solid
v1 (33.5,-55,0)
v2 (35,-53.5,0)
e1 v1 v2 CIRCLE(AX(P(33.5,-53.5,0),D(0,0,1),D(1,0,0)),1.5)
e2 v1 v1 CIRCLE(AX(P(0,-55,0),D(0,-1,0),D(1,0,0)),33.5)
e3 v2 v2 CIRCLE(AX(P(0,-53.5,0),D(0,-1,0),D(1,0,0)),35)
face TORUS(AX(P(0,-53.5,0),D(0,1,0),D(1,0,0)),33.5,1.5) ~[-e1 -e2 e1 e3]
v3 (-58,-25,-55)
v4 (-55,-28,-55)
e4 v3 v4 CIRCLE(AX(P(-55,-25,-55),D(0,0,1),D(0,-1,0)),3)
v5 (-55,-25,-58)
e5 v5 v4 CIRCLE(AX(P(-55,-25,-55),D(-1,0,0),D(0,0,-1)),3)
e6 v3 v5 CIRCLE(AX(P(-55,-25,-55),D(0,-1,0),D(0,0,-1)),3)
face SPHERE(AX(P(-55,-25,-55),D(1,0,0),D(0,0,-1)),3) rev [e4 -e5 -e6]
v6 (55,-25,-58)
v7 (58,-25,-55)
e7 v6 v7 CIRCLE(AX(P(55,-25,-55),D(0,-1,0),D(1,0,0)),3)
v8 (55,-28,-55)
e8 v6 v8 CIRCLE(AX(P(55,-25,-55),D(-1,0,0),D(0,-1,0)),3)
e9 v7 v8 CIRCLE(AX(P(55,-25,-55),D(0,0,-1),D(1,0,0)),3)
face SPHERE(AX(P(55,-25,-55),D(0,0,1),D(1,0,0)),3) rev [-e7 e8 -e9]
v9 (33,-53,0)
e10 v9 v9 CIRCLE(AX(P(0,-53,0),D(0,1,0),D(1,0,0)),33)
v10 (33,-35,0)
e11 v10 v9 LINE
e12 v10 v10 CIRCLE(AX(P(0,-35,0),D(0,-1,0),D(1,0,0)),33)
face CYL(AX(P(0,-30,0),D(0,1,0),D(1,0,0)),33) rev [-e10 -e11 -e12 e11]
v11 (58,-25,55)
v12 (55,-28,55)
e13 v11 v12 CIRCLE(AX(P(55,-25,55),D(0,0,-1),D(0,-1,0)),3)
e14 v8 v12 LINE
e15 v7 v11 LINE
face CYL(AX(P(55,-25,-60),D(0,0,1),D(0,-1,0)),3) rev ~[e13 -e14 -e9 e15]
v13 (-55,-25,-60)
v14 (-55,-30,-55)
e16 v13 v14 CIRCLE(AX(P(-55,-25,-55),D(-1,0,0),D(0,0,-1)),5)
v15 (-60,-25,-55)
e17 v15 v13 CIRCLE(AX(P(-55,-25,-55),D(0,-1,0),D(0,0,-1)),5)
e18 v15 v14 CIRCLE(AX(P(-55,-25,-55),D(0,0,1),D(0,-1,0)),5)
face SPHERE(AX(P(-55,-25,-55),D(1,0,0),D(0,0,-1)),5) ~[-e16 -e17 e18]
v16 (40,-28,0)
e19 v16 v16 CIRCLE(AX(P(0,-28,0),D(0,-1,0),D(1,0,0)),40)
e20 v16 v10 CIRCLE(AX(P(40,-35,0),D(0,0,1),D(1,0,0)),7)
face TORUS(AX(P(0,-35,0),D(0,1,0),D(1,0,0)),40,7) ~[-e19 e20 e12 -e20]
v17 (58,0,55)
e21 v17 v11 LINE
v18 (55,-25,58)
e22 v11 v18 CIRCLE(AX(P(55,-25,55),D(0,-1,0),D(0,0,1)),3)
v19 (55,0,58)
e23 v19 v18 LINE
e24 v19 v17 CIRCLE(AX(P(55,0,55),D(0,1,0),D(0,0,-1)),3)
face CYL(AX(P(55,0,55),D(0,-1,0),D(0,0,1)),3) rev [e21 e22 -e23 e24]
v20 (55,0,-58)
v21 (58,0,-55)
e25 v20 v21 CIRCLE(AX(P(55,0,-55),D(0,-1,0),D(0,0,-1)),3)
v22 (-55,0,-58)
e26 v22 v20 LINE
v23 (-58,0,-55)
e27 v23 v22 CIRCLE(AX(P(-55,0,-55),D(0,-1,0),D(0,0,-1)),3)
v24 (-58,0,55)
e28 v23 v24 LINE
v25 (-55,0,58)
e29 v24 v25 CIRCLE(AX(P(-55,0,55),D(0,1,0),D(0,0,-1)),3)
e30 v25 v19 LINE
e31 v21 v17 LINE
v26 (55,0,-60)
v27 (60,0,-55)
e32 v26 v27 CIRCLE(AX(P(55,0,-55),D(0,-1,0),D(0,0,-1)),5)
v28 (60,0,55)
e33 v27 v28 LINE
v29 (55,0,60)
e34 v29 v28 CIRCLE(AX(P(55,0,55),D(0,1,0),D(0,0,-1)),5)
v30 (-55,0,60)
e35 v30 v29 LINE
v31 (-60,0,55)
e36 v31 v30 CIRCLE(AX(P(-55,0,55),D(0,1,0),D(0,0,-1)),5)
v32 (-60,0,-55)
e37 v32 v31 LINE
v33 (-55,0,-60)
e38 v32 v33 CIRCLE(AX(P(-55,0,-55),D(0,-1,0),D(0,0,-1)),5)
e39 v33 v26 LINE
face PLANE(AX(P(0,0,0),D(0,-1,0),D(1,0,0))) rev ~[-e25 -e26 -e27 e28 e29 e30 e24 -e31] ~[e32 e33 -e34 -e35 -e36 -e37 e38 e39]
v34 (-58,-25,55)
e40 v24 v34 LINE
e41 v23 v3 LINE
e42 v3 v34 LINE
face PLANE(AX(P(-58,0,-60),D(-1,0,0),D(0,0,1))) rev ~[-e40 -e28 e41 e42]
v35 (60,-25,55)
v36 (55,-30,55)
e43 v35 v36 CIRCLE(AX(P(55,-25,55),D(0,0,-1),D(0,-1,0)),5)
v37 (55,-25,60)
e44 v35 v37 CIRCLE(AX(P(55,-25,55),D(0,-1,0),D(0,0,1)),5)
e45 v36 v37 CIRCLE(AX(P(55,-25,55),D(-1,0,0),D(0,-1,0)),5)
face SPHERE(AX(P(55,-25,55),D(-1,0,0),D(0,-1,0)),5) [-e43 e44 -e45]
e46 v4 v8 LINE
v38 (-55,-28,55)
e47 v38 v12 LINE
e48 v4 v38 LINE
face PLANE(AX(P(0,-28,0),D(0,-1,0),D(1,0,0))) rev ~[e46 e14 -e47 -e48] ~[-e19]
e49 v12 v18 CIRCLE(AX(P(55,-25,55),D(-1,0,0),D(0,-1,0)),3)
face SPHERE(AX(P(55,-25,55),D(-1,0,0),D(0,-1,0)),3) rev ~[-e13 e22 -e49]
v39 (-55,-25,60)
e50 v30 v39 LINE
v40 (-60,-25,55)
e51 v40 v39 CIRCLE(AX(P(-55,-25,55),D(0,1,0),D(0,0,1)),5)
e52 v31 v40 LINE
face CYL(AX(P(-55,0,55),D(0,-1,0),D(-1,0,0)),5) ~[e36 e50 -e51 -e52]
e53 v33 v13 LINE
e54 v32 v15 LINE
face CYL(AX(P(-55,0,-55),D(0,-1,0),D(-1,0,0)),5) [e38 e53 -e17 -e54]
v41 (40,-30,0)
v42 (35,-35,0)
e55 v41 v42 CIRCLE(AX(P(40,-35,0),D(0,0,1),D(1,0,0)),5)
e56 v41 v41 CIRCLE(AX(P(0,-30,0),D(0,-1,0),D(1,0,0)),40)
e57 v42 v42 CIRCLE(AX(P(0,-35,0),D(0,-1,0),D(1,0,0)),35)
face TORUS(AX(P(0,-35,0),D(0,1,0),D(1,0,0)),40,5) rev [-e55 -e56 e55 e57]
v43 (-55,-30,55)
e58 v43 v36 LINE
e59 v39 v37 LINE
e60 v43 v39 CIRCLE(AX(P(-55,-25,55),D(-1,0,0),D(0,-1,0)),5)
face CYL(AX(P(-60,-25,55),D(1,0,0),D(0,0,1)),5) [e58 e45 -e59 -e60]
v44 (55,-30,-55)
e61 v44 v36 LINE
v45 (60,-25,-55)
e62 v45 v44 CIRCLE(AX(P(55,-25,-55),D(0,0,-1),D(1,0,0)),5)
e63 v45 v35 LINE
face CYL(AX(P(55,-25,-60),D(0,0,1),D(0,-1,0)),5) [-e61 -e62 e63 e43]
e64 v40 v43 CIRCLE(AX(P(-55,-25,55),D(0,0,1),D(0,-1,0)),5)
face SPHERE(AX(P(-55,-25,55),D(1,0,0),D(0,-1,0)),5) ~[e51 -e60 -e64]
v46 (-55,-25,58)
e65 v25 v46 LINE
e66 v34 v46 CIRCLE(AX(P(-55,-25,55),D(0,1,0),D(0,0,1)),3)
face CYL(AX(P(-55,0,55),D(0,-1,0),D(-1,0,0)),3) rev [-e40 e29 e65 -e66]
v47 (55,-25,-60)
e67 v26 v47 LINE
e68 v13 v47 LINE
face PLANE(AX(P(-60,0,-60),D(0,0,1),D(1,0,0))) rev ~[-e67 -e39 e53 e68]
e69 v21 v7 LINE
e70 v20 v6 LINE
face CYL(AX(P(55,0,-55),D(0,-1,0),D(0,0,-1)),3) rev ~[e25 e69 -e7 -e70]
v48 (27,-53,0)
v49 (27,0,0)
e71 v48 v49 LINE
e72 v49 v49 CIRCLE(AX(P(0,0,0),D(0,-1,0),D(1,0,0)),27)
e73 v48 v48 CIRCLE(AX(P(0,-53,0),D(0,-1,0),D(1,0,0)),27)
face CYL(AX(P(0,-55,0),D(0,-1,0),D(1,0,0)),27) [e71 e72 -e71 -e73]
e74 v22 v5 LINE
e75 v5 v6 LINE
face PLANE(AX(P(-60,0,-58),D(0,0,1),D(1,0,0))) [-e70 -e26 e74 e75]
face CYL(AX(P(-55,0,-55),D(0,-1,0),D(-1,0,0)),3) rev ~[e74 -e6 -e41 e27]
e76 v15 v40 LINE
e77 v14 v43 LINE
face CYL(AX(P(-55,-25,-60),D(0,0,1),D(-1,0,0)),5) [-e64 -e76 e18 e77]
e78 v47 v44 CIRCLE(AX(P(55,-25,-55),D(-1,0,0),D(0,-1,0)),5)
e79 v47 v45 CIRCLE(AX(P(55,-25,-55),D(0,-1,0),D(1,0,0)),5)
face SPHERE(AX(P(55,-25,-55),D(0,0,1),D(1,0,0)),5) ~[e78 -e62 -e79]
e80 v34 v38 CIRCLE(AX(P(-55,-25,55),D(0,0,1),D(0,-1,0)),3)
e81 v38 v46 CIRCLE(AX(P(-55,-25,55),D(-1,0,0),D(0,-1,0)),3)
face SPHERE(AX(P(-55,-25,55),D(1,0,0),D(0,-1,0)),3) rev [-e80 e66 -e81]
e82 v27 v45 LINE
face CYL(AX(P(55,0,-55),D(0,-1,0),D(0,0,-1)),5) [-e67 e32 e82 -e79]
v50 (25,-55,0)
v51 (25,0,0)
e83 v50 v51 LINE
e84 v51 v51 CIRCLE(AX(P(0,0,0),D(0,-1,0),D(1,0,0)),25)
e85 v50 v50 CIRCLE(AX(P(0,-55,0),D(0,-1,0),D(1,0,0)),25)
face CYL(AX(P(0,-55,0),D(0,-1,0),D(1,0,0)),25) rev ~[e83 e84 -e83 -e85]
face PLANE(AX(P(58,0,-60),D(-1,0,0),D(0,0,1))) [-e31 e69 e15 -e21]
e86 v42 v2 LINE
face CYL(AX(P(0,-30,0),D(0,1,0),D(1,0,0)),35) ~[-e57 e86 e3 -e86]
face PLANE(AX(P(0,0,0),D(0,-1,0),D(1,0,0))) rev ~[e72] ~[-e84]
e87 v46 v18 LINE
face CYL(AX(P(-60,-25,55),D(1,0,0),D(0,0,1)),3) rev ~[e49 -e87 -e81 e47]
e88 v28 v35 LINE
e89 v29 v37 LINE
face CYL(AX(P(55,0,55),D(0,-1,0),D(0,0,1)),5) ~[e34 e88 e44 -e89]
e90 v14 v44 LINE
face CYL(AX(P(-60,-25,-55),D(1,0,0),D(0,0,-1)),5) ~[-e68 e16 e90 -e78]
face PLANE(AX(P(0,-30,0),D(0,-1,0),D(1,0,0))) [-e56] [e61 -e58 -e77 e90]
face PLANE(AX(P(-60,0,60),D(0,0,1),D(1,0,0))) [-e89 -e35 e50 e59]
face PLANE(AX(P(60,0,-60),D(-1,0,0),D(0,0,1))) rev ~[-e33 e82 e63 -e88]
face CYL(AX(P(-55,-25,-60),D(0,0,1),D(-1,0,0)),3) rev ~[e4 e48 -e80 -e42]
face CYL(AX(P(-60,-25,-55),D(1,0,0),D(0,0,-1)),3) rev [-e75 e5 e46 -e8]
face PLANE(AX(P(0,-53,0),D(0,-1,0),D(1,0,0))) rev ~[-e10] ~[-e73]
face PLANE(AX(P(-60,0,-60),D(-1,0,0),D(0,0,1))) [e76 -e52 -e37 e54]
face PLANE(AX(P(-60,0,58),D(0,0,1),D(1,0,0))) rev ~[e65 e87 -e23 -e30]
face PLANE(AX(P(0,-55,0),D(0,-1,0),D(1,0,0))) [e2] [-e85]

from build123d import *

# Parameters (mm, degrees)
F0_W     = 120
F0_H     = 120
F1_DEPTH = 30
F2_R     = 35
F3_DEPTH = 25
F4_R     = 25
F5_DEPTH = 55.001
F6_R     = 5
F7_R     = 1.5
F8_T     = -2


with BuildPart() as f1:
    # F0 (on Front) → F1 (new body)
    with BuildSketch(Plane.XZ):
        Rectangle(F0_W, F0_H)
    extrude(amount=F1_DEPTH)

    # F2 (on face) → F3 (join)
    with BuildSketch(Plane.XZ.offset(30)):
        Circle(F2_R)
    extrude(amount=F3_DEPTH)

    # F4 (on face) → F5 (cut, through all)
    with BuildSketch(Plane.XZ.offset(55)):
        Circle(F4_R)
    extrude(amount=-F5_DEPTH, mode=Mode.SUBTRACT)

    # F6
    f6_edges = [f1.edges().sort_by_distance(p)[0] for p in [
        (-35, -30, 0),
        (0, -30, 60),
        (60, -30, 0),
        (60, -15, 60),
        (60, -15, -60),
        (0, -30, -60),
        (-60, -15, -60),
        (-60, -30, 0),
        (-60, -15, 60),
    ]]
    fillet(f6_edges, radius=F6_R)

    # F7
    f7_edges = [f1.edges().sort_by_distance(p)[0] for p in [
        (-35, -55, 0),
    ]]
    fillet(f7_edges, radius=F7_R)

    # F8
    f8_openings = [f1.faces().sort_by_distance(p)[0] for p in [
        (58.302944, 0, 0),
    ]]
    offset(amount=F8_T, openings=f8_openings)


solid = f1.part
